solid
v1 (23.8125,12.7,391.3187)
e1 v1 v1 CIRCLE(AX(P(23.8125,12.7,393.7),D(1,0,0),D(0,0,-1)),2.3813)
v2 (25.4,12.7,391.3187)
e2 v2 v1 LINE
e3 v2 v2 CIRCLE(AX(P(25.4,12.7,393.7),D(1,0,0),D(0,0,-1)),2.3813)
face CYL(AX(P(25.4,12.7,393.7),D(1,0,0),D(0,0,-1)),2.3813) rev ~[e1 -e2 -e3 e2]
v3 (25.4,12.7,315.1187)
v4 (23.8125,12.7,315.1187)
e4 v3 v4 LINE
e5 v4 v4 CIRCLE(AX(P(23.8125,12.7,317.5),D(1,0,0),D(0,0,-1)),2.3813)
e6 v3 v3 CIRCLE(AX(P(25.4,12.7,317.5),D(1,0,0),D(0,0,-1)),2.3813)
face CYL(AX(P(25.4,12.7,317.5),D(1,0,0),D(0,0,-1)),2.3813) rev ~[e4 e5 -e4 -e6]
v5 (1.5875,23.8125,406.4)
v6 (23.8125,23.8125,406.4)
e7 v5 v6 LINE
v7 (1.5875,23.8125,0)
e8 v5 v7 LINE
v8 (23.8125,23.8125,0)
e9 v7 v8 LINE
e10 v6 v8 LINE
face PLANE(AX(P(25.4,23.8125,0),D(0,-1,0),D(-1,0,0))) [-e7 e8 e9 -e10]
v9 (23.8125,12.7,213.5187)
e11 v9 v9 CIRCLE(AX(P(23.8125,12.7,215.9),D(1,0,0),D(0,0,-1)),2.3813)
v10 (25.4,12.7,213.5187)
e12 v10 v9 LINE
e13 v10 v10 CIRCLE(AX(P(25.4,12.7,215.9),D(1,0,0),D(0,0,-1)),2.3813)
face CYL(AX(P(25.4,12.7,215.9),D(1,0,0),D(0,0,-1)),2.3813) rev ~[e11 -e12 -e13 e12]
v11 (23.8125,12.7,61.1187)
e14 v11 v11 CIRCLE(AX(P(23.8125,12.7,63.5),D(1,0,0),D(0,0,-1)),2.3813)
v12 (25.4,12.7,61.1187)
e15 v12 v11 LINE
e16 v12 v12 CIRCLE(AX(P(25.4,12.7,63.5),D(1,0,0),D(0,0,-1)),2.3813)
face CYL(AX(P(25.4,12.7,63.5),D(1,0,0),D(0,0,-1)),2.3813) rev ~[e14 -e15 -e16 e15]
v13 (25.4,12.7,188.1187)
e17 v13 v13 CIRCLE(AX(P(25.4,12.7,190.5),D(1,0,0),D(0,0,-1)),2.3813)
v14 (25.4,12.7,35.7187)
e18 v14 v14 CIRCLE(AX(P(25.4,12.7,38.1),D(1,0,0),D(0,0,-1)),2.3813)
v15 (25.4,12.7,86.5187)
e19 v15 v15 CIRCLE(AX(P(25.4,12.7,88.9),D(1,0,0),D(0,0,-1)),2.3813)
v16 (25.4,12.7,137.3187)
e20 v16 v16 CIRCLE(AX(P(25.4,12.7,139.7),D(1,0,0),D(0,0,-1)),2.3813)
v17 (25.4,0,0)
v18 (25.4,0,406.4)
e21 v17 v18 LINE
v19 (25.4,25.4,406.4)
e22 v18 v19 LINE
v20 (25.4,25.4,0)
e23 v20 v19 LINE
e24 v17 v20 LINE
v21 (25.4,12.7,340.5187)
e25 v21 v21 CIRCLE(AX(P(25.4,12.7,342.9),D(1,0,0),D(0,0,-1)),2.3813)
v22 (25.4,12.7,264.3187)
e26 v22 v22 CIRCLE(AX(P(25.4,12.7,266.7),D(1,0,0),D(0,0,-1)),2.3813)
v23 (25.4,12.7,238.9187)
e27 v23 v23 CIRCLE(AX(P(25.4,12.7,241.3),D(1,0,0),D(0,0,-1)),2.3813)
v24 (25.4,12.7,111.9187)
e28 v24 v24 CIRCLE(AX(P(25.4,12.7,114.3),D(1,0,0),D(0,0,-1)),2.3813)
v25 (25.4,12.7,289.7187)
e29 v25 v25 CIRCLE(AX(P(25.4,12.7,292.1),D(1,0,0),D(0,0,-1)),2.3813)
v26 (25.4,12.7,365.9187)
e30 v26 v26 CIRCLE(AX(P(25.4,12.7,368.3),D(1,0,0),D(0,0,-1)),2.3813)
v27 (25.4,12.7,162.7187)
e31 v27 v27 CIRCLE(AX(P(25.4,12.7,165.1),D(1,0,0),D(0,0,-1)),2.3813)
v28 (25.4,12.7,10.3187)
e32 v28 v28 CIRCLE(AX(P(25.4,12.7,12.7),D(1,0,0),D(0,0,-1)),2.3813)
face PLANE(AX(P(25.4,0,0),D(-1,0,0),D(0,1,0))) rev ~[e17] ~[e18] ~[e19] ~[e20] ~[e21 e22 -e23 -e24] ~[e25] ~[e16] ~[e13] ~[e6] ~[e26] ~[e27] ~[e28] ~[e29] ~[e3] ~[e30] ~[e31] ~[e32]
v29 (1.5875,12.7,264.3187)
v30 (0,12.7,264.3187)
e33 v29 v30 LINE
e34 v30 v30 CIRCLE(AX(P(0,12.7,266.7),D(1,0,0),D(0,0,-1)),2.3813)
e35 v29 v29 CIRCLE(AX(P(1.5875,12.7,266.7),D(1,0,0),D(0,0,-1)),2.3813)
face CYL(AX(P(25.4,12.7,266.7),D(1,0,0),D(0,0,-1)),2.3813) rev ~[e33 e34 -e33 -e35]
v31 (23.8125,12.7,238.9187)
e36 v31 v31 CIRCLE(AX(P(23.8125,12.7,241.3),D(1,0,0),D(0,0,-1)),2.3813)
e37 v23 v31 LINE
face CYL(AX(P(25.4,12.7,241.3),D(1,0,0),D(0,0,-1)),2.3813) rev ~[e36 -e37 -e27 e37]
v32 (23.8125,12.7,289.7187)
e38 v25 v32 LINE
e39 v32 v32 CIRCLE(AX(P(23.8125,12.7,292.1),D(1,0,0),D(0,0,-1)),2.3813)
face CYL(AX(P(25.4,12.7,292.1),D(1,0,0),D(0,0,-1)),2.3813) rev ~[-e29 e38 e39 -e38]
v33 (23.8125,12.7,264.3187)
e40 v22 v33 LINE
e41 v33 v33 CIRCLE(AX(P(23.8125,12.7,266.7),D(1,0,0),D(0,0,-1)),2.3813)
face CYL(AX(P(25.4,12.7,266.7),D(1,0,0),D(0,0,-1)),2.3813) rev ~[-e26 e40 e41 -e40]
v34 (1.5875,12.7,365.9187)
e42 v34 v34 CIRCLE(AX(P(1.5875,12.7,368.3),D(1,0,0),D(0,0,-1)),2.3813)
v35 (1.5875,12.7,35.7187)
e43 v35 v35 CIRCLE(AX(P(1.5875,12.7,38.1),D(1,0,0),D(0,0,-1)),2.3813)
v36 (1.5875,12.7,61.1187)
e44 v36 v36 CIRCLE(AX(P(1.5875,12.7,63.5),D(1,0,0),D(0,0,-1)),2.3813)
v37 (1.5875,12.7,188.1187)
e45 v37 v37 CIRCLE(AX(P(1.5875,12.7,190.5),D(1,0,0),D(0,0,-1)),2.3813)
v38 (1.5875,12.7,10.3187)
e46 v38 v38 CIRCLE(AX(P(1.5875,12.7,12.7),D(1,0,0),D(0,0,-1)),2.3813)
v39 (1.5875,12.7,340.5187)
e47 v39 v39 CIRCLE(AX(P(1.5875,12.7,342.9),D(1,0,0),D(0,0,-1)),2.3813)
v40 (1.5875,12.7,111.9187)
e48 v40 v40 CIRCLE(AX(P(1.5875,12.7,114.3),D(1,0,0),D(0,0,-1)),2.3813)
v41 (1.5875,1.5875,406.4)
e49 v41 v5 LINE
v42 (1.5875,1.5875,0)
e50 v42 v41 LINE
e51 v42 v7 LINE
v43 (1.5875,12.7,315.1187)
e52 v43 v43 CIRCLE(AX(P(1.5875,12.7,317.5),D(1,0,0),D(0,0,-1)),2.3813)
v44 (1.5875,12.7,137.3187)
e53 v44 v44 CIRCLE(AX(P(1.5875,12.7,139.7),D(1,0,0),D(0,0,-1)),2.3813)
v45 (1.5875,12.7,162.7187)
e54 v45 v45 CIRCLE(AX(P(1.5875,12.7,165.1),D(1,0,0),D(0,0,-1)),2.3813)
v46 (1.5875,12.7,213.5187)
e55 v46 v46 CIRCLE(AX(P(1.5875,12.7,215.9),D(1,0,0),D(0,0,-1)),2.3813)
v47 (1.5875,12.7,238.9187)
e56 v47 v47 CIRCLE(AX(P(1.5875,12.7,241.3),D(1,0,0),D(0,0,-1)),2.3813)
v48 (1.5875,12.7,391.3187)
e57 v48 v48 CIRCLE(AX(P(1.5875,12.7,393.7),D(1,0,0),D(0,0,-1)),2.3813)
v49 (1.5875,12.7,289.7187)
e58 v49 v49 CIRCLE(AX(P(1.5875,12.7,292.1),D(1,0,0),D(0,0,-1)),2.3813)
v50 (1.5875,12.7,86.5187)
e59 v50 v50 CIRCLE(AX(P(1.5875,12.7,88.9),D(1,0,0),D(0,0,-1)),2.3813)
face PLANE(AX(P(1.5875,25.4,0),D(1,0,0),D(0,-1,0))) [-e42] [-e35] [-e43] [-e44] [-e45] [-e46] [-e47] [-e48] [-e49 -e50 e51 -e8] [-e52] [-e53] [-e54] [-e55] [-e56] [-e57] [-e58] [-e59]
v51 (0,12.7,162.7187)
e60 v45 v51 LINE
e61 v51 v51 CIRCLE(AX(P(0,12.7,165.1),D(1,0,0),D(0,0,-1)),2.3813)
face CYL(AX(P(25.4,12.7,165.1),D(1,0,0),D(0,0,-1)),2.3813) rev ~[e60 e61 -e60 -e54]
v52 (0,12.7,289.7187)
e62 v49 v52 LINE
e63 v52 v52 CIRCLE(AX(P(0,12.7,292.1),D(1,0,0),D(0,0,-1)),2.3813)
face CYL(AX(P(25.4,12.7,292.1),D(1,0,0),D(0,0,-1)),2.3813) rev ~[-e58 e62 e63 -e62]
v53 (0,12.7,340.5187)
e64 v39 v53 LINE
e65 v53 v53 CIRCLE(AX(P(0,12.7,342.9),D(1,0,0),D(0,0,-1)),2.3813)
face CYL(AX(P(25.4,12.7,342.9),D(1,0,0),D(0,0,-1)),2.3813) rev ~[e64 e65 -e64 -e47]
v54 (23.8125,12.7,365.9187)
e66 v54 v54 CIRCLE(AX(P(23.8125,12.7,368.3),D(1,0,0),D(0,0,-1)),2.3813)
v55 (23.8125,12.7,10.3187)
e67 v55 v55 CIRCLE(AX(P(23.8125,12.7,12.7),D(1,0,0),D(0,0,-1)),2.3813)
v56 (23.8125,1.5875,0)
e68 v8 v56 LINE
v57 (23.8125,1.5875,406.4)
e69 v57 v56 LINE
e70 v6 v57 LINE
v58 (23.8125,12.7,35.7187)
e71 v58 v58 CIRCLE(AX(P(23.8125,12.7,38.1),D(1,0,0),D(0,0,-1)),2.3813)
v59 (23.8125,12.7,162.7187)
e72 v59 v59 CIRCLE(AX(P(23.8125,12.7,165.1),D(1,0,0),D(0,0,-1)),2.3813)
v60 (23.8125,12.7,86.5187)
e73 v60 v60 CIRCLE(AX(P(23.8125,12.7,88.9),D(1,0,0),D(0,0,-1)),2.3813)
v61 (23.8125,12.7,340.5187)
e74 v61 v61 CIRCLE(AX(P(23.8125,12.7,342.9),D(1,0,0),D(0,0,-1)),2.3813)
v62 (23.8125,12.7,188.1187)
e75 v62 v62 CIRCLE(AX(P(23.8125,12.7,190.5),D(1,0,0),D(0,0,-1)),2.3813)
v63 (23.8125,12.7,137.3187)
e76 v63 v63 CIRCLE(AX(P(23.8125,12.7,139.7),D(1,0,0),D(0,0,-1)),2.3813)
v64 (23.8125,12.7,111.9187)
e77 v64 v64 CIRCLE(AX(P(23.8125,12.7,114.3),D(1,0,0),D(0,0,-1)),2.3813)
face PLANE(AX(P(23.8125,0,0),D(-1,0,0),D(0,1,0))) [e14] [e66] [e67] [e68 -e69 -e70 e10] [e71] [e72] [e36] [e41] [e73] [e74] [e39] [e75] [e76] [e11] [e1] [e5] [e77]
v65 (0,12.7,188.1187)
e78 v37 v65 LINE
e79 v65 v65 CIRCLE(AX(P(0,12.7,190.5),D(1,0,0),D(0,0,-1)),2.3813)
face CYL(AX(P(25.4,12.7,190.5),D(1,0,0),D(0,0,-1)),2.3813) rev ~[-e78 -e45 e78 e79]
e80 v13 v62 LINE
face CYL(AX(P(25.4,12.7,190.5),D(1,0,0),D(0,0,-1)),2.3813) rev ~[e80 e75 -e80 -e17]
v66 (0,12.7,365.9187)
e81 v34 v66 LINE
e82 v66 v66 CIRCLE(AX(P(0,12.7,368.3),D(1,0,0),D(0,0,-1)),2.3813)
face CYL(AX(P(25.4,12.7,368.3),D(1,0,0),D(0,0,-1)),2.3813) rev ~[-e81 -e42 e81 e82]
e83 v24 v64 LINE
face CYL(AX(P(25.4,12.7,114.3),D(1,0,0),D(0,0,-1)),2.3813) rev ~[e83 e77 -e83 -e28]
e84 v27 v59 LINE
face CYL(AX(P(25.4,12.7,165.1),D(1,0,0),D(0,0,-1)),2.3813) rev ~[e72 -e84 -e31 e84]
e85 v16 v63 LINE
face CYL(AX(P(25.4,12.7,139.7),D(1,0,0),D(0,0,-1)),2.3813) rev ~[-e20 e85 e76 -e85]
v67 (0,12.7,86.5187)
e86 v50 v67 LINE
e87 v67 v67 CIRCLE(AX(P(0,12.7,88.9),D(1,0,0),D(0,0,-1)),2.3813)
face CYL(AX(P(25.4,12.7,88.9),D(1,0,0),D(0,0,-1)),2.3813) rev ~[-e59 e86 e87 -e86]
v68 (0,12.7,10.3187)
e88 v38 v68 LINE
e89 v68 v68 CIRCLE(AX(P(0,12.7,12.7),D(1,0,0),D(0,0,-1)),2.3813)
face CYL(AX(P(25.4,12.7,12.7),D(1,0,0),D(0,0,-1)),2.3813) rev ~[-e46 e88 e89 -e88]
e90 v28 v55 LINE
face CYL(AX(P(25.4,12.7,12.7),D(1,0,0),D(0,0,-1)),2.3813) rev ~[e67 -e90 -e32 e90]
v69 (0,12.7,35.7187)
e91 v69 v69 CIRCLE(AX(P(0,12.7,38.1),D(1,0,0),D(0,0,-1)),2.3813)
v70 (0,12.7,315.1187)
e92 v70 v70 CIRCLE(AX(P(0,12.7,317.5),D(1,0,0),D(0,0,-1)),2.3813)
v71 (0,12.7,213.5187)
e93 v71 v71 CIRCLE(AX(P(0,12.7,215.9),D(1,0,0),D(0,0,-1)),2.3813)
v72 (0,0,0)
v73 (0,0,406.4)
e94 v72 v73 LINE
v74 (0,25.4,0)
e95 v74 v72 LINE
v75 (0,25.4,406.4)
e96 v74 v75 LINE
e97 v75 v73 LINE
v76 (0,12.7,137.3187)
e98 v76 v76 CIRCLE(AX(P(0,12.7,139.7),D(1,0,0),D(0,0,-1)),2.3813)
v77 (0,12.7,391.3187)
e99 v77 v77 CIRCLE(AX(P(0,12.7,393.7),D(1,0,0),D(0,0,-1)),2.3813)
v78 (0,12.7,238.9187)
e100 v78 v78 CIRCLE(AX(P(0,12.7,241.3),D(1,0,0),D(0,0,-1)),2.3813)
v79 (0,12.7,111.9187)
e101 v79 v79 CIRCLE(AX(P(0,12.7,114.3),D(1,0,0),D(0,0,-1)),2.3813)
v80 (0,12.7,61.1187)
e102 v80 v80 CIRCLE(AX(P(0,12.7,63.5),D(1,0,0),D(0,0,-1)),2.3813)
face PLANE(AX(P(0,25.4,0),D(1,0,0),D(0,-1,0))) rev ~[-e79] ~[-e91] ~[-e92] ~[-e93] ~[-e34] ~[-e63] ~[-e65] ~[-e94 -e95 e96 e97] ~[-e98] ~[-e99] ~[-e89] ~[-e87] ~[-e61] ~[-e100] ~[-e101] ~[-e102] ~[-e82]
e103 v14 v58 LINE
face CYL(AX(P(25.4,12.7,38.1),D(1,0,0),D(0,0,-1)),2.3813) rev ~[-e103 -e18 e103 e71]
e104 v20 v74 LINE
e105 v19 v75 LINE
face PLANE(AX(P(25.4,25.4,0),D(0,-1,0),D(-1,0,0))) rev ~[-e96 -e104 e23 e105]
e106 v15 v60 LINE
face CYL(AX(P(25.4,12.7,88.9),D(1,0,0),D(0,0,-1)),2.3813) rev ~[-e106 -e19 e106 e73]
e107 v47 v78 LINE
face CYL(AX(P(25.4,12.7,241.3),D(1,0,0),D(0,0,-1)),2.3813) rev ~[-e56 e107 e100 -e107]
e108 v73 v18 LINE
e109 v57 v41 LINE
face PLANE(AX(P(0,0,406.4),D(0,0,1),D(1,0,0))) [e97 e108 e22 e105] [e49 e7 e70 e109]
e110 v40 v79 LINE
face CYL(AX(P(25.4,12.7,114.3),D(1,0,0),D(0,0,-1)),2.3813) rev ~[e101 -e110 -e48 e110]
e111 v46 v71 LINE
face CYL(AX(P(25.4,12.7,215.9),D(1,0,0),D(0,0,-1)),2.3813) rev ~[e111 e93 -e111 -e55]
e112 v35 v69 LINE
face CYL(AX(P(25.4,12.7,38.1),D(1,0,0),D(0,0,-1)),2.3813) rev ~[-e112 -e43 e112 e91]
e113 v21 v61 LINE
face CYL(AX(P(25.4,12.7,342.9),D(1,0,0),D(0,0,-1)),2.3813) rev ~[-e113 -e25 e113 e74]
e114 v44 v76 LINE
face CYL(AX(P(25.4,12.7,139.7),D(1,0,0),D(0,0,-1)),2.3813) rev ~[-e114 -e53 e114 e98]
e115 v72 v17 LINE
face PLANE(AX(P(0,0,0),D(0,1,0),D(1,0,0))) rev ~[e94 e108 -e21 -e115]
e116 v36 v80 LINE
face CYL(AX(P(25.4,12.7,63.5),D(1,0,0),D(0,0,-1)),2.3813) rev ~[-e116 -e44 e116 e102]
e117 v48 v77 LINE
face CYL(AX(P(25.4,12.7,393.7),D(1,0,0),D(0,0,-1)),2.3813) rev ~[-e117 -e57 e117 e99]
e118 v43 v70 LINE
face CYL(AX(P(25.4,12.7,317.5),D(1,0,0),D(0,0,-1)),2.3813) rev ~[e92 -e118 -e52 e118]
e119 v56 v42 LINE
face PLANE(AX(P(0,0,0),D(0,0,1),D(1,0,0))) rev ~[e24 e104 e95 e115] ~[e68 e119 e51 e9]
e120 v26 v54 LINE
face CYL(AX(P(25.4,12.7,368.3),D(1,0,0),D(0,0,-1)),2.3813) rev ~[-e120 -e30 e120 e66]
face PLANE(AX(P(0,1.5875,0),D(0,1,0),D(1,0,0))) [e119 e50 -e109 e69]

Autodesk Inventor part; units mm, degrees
ref_plane "YZ Plane" through (0, 0, 0) normal (1, 0, 0) x (0, 1, 0)
ref_plane "XZ Plane" through (0, 0, 0) normal (0, 1, 0) x (-1, 0, 0)
ref_plane "XY Plane" through (0, 0, 0) normal (0, 0, 1) x (1, 0, 0)
sketch "Sketch1" plane through (0, 0, 0) normal (0, 0, 1) x (1, 0, 0)
  line L0 (0, 0) -> (25.4, 0)
  line L1 (25.4, 0) -> (25.4, 25.4)
  line L2 (25.4, 25.4) -> (0, 25.4)
  line L3 (0, 25.4) -> (0, 0)
  dimension "d0" = 25.4
  dimension "d1" = 25.4
extrude "Extrusion1" add sketch "Sketch1" along normal blind 406.4
shell "Shell1" thickness 1.5875 removed faces 2 at (8.4667, 16.9333, 0) at (8.4667, 16.9333, 406.4)
sketch "Sketch2" plane through (25.4, 0, 0) normal (1, 0, 0) x (0, 0, -1)
  line L0 (-406.4, 25.4) -> (-406.4, 0) projected
  line L1 (0, 25.4) -> (-406.4, 25.4) projected
  circle A0 centre (-393.7, 12.7) radius 2.3813
  dimension "d5" = 4.7625
  dimension "d6" = 12.7
  dimension "d7" = 12.7
extrude "Extrusion2" cut sketch "Sketch2" against normal through all
pattern_linear "Rectangular Pattern1" count 16 spacing 25.4 along (0, 0, -1) of "Extrusion2"
properties part number "Frame_TopRail" material "Aluminum-6061"
